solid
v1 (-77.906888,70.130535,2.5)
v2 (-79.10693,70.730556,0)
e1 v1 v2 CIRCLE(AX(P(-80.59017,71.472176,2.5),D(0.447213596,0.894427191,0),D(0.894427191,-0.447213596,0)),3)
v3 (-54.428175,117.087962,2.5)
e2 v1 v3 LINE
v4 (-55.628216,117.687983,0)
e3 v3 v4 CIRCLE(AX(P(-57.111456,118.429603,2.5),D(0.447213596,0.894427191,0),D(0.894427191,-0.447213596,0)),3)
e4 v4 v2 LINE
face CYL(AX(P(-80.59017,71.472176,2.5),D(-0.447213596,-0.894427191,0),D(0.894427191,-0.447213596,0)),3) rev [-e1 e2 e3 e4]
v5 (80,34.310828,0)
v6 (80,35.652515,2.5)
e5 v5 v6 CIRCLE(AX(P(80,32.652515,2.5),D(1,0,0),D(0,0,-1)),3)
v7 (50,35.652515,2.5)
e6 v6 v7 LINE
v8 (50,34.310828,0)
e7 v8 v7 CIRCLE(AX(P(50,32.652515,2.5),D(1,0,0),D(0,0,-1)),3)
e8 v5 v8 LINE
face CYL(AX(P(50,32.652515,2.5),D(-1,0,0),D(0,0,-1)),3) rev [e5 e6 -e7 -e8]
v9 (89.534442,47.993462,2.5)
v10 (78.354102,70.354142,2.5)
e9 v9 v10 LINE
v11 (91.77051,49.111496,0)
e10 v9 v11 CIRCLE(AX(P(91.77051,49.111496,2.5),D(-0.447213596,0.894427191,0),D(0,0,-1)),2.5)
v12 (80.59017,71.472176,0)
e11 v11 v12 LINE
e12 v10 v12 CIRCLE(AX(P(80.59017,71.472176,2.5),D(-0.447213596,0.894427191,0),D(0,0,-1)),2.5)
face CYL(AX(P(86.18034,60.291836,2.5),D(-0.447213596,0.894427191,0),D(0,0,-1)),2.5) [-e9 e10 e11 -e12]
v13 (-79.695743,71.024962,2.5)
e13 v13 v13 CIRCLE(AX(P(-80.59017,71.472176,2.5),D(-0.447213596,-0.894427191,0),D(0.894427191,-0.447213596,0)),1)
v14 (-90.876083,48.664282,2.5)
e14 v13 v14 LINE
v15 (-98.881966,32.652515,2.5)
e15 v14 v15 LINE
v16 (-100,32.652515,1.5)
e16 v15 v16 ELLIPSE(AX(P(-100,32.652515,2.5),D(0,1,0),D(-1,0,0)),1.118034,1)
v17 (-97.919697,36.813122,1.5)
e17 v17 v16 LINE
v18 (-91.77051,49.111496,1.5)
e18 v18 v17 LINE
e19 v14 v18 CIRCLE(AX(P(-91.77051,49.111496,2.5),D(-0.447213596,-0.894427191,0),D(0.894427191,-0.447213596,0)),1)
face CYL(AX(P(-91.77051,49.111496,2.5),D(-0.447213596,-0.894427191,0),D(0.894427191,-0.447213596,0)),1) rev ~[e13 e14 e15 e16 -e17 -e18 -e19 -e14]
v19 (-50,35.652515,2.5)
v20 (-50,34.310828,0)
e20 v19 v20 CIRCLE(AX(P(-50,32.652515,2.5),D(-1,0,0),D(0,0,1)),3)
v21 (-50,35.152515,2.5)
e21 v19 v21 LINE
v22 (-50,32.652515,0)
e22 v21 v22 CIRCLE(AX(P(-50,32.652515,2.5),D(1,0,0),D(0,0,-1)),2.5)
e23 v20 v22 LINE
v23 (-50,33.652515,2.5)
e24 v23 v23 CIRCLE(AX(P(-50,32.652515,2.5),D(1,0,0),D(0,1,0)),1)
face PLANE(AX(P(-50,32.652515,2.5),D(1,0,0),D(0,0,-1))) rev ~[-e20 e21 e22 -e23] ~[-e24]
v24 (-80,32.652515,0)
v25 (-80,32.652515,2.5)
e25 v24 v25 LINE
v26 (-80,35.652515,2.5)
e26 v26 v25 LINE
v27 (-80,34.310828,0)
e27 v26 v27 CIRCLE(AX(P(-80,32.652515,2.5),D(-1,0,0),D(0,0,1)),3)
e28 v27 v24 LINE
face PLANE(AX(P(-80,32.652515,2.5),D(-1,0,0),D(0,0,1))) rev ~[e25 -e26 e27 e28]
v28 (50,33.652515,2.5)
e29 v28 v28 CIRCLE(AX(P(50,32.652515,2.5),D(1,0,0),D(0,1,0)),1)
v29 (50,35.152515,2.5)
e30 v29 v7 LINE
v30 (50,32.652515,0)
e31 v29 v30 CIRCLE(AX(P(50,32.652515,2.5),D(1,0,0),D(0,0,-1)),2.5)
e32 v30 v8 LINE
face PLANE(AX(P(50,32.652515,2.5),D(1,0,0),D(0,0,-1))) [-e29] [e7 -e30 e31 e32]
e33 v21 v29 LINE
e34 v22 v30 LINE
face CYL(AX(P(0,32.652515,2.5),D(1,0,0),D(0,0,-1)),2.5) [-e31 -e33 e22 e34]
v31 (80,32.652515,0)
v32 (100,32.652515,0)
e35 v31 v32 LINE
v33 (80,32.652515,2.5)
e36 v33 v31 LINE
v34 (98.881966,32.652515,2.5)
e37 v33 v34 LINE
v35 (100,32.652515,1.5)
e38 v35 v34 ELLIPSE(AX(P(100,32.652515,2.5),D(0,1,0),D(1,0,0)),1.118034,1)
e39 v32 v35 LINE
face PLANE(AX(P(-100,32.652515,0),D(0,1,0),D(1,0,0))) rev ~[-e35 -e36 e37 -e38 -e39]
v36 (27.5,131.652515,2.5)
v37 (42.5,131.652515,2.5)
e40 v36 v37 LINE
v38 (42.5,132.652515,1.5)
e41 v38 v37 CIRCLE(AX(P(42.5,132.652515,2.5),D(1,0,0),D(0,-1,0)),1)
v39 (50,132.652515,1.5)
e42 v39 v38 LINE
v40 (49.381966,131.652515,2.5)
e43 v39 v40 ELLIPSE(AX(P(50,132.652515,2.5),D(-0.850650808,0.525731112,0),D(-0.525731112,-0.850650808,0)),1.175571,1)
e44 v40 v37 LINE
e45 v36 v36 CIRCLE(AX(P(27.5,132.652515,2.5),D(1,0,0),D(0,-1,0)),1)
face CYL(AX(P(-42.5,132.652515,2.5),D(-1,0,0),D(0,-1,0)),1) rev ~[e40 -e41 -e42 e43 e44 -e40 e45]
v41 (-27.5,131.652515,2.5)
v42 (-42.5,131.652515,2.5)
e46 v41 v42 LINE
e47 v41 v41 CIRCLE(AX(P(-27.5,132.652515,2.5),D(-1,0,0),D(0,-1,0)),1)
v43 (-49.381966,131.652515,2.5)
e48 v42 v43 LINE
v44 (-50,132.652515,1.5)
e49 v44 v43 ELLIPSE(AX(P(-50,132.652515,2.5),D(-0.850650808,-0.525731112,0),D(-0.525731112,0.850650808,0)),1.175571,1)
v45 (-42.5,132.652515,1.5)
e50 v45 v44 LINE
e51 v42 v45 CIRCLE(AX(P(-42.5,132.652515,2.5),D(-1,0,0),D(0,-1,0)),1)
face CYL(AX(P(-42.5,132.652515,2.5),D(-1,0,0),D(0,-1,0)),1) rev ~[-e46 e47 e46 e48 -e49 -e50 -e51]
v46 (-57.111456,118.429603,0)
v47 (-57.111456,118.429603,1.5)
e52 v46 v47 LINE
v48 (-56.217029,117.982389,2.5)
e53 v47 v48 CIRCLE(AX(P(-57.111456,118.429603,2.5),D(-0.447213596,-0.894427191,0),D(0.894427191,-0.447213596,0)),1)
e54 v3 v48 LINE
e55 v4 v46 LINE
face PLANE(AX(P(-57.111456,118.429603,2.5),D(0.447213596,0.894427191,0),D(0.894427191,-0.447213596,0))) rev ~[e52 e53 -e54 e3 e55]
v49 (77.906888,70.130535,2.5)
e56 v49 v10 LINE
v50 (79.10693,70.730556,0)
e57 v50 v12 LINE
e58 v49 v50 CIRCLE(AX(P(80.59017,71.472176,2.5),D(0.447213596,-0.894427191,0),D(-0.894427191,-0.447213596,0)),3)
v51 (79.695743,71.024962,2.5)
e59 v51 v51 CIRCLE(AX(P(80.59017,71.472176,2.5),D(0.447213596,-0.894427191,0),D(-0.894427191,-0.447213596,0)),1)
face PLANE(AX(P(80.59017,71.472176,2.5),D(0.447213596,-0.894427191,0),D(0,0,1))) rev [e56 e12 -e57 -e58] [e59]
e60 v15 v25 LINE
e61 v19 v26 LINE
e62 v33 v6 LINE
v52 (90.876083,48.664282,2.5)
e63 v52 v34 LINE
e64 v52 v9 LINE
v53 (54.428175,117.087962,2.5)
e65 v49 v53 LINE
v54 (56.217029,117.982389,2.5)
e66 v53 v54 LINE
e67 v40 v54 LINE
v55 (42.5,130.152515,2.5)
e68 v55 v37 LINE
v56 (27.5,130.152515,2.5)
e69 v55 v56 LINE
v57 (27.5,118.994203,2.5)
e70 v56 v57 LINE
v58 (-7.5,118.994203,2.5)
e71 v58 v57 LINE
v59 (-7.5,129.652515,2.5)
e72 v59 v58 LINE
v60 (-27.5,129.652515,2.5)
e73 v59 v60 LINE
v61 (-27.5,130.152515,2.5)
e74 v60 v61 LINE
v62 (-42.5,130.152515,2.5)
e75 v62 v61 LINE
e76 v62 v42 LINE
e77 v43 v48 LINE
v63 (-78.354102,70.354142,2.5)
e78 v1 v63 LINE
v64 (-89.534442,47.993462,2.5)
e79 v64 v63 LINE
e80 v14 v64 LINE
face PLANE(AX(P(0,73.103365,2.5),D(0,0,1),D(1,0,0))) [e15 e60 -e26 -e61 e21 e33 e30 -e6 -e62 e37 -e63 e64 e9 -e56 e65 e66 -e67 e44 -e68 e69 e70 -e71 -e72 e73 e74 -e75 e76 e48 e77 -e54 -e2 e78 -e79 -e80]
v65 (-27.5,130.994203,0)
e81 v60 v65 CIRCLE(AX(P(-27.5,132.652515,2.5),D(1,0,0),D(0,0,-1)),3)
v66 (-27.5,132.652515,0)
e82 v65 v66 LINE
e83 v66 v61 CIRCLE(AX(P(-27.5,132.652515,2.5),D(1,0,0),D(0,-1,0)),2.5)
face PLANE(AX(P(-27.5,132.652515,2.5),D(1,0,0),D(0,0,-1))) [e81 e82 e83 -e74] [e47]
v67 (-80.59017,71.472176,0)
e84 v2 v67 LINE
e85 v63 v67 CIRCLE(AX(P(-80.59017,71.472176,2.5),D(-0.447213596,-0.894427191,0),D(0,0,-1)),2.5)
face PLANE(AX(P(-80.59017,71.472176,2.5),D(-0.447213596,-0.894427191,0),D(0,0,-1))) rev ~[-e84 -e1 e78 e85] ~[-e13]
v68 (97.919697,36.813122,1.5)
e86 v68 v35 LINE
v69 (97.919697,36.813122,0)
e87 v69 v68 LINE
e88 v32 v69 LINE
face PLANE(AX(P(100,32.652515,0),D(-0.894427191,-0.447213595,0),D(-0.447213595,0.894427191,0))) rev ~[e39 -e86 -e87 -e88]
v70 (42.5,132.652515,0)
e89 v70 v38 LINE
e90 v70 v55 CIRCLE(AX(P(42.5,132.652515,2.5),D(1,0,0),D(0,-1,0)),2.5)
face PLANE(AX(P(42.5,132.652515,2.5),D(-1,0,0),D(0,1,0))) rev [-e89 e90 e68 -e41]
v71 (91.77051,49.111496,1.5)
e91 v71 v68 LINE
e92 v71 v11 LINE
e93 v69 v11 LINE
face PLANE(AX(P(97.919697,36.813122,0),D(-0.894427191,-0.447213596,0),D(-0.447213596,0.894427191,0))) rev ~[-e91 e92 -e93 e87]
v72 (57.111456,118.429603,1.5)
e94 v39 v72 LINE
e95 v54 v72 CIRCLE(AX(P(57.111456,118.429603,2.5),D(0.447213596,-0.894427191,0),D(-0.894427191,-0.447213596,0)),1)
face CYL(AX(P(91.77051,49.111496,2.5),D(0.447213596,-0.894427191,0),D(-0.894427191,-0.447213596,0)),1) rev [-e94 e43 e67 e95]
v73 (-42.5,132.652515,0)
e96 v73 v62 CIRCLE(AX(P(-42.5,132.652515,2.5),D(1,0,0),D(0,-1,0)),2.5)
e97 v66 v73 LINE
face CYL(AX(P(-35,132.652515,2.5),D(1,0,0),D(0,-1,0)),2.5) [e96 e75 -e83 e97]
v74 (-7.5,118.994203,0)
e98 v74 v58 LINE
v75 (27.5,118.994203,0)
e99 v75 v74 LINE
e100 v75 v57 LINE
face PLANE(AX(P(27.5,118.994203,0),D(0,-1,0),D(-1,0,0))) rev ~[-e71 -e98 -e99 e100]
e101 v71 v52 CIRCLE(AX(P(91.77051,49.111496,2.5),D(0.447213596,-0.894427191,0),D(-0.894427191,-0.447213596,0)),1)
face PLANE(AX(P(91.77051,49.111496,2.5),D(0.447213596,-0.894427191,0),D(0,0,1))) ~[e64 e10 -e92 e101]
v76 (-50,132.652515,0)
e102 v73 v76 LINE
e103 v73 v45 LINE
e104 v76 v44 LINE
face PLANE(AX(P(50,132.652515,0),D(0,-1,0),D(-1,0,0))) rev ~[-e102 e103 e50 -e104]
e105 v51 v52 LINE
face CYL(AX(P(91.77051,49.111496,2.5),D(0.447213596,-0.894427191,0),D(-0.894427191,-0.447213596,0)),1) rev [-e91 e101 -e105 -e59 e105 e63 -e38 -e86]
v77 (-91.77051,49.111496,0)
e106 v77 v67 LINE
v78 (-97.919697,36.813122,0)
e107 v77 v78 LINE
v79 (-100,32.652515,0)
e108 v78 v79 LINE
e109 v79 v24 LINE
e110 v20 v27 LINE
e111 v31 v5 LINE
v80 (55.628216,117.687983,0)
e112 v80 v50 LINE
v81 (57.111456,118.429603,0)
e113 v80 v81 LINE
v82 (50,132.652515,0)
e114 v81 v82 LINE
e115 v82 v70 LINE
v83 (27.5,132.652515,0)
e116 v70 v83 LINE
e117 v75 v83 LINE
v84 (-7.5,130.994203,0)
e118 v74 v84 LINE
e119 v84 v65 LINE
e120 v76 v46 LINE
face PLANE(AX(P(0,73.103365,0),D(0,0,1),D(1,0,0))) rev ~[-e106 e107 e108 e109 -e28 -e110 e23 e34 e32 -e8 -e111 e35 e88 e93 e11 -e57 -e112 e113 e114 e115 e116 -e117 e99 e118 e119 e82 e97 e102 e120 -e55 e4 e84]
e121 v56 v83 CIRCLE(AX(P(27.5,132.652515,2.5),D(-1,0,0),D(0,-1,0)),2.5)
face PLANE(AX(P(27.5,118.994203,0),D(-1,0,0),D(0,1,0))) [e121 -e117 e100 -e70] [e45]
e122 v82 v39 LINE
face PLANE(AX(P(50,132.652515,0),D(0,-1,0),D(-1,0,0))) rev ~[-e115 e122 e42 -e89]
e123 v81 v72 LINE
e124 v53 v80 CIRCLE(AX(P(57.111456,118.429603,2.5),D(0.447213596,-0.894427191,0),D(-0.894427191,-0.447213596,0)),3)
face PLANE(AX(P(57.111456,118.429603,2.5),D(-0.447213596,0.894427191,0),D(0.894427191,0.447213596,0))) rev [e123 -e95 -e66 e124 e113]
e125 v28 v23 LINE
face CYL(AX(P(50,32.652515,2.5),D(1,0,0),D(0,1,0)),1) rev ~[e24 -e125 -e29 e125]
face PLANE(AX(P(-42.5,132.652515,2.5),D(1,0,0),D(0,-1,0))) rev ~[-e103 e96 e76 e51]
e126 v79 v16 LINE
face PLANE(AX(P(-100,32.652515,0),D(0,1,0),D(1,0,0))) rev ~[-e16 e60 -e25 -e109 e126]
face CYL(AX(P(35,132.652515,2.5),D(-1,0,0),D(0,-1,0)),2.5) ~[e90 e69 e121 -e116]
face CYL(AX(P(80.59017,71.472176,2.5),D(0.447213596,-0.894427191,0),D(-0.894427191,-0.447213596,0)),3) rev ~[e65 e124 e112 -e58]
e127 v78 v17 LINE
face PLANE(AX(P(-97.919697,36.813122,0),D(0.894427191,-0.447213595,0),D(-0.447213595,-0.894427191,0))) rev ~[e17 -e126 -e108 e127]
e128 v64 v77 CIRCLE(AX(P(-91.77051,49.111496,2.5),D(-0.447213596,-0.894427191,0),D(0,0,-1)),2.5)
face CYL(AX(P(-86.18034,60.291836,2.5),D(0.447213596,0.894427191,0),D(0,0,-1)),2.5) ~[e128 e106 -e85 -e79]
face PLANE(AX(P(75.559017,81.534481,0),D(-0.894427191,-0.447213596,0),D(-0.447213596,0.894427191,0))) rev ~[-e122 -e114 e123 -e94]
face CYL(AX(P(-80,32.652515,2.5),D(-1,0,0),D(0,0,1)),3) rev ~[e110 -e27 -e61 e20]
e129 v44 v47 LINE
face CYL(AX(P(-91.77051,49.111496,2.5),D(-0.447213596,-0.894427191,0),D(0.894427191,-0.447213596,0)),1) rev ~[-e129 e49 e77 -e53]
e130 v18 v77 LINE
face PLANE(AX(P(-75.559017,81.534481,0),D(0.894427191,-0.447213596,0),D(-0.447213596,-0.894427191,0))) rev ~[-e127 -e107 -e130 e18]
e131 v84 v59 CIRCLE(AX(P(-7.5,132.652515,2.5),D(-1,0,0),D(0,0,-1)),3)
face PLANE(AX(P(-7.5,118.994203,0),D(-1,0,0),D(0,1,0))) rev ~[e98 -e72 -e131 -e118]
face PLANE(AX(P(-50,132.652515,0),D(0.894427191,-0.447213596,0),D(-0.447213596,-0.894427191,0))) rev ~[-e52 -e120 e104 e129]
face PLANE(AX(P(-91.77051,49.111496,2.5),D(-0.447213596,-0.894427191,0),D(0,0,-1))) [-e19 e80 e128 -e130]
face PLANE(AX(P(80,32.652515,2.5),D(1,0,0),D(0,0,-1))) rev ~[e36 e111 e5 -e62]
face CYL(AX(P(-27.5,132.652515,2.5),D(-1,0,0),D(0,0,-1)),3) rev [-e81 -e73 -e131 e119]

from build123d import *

# Parameters (mm, degrees)
EXTRUDE_1_DEPTH      = 5
SKETCH_9_W           = 30
SKETCH_9_H           = 5
SKETCH_10_R          = 2
CUT_EXTRUDE_3_DEPTH  = 352.212186577
SKETCH_4_W           = 5
SKETCH_4_H           = 50
SKETCH_11_R          = 2
CUT_EXTRUDE_4_DEPTH  = 338.069639722
SKETCH_12_R          = 6
CUT_EXTRUDE_5_DEPTH  = 105
SKETCH_14_R          = 6
CUT_EXTRUDE_6_DEPTH  = 110
SKETCH_3_W           = 200
SKETCH_3_H           = 5
SKETCH_15_R          = 2
CUT_EXTRUDE_7_DEPTH  = 200
SKETCH_16_R          = 6
CUT_EXTRUDE_8_DEPTH  = 60
CUT_EXTRUDE_START    = 60
SKETCH_17_R          = 6
CUT_EXTRUDE_9_DEPTH  = 60
SCALE_1_SCALE        = 0.5
SKETCH_19_W          = 35
SKETCH_19_H          = 12
CUT_EXTRUDE_11_DEPTH = 10


with BuildPart() as part:
    # 草图2 → 凸台-拉伸1 (new body)
    with BuildSketch(Plane(origin=(0, 65.305030884, 0), x_dir=(1, 0, 0), z_dir=(0, 0, 1))):
        Polygon((-200, 0), (-155, 0), (-105, 0), (105, 0), (155, 0), (200, 0), (195.839393539, 8.321212923), (151.118033989, 97.763932023), (100, 200), (50, 200), (-50, 200), (-100, 200), (-151.118033989, 97.763932023), (-195.839393539, 8.321212923), align=None)
    extrude(amount=EXTRUDE_1_DEPTH)

    # 草图9 → 旋转1 (revolve)
    with BuildSketch(Plane(origin=(0, 65.305030884, 5), x_dir=(1, 0, 0), z_dir=(0, 0, 1))):
        with Locations((-70, 197.5)):
            Rectangle(SKETCH_9_W, SKETCH_9_H)
    revolve_1 = revolve(axis=Axis((-85, 265.305030884, 5), (1, 0, 0)))

    # 草图10 → 切除-拉伸3 (cut, symmetric)
    with BuildSketch(Plane(origin=(-85, 65.305030884, 0), x_dir=(0, 0, 1), z_dir=(-1, 0, 0))):
        with Locations(Location((5, 200, 0), (0, 0, 270))):
            Circle(SKETCH_10_R)
    cut_extrude_3 = extrude(amount=CUT_EXTRUDE_3_DEPTH, both=True, mode=Mode.SUBTRACT)

    # 镜向2: 旋转1, 切除-拉伸3 across plane
    add(revolve_1.mirror(Plane(origin=(0, 0, 0), x_dir=(0, 0, 1), z_dir=(1, 0, 0))))
    add(cut_extrude_3.mirror(Plane(origin=(0, 0, 0), x_dir=(0, 0, 1), z_dir=(1, 0, 0))), mode=Mode.SUBTRACT)

    # 草图4 → 旋转2 (revolve)
    with BuildSketch(Plane(origin=(-160, 145.305030884, 0), x_dir=(0, 0, 1), z_dir=(-0.8944271909999162, 0.4472135954999576, 0))):
        with Locations((2.5, -27.639320225)):
            Rectangle(SKETCH_4_W, SKETCH_4_H)
    revolve_2 = revolve(axis=Axis((-161.180339887, 142.944351109, 5), (-0.4472135954999577, -0.894427190999916, 0)))

    # 草图11 → 切除-拉伸4 (cut, symmetric)
    with BuildSketch(Plane(origin=(-23.541019662, 18.222991559, 0), x_dir=(0.8944271909999161, -0.4472135954999577, 0), z_dir=(-0.4472135954999577, -0.8944271909999161, 0))):
        with Locations((-178.8854382, 5)):
            Circle(SKETCH_11_R)
    cut_extrude_4 = extrude(amount=CUT_EXTRUDE_4_DEPTH, both=True, mode=Mode.SUBTRACT)

    # 草图12 → 切除-拉伸5 (cut)
    with BuildSketch(Plane(origin=(-1.180339887, 62.944351109, 0), x_dir=(0.8944271909999161, -0.4472135954999577, 0), z_dir=(0.4472135954999577, 0.8944271909999161, 0))):
        with Locations((-178.8854382, -5)):
            Circle(SKETCH_12_R)
    cut_extrude_5 = extrude(amount=CUT_EXTRUDE_5_DEPTH, mode=Mode.SUBTRACT)

    # 草图14 → 切除-拉伸6 (cut)
    # profile 1 of 2: a face of its own
    with BuildSketch(Plane(origin=(-55, 65.305030884, 0), x_dir=(0, 0, -1), z_dir=(1, 0, 0))):
        with Locations((-5, 200)):
            Circle(SKETCH_14_R)
        with BuildLine():
            Line((-5, 195), (-5, 198))
            ThreePointArc((-5, 198), (-6.414213562, 201.414213562), (-3, 200))
            Line((-3, 200), (0, 200))
            ThreePointArc((0, 200), (-8.535533906, 203.535533906), (-5, 195))
        make_face(mode=Mode.SUBTRACT)
    # profile 2 of 2: a face of its own
    with BuildSketch(Plane(origin=(-55, 65.305030884, 0), x_dir=(0, 0, -1), z_dir=(1, 0, 0))):
        with BuildLine():
            ThreePointArc((0, 200), (-8.535533906, 203.535533906), (-5, 195))
            Line((-5, 195), (-5, 198))
            ThreePointArc((-5, 198), (-6.414213562, 201.414213562), (-3, 200))
            Line((-3, 200), (0, 200))
        make_face()
    extrude(amount=CUT_EXTRUDE_6_DEPTH, mode=Mode.SUBTRACT)

    # 镜向3: 旋转2, 切除-拉伸4, 切除-拉伸5 across plane
    add(revolve_2.mirror(Plane(origin=(0, 0, 0), x_dir=(0, 0, 1), z_dir=(1, 0, 0))))
    add(cut_extrude_4.mirror(Plane(origin=(0, 0, 0), x_dir=(0, 0, 1), z_dir=(1, 0, 0))), mode=Mode.SUBTRACT)
    add(cut_extrude_5.mirror(Plane(origin=(0, 0, 0), x_dir=(0, 0, 1), z_dir=(1, 0, 0))), mode=Mode.SUBTRACT)

    # 草图3 → 旋转3 (revolve)
    with BuildSketch(Plane.XZ.offset(-65.305030884)):
        with Locations((0, 2.5)):
            Rectangle(SKETCH_3_W, SKETCH_3_H)
    revolve(axis=Axis((-100, 65.305030884, 5), (1, 0, 0)))

    # 草图15 → 切除-拉伸7 (cut)
    with BuildSketch(Plane(origin=(100, 65.305030884, 0), x_dir=(0, 0, -1), z_dir=(1, 0, 0))):
        with Locations(Location((-5, 0, 0), (0, 0, 90))):
            Circle(SKETCH_15_R)
    extrude(amount=-CUT_EXTRUDE_7_DEPTH, mode=Mode.SUBTRACT)

    # 草图16 → 切除-拉伸8 (cut)
    with BuildSketch(Plane(origin=(100, 65.305030884, 0), x_dir=(0, 0, -1), z_dir=(1, 0, 0))):
        with Locations((-5, 0)):
            Circle(SKETCH_16_R)
    extrude(amount=CUT_EXTRUDE_8_DEPTH, mode=Mode.SUBTRACT)

    # 草图17 → 切除-拉伸9 (cut)
    with BuildSketch(Plane(origin=(-100, 65.305030884, 0), x_dir=(0, 0, 1), z_dir=(-1, 0, 0)).offset(CUT_EXTRUDE_START)):
        with Locations((5, 0)):
            Circle(SKETCH_17_R)
    extrude(amount=-CUT_EXTRUDE_9_DEPTH, mode=Mode.SUBTRACT)


with BuildPart() as part_1:
    # 缩放比例1: scaled about (0, 0, 0)
    add(part.part.scale(SCALE_1_SCALE))

    # 草图19 → 切除-拉伸11 (cut)
    with BuildSketch(Plane(origin=(0, 0, 0), x_dir=(-1, 0, 0), z_dir=(0, 0, -1))):
        with Locations((-10, 124.994203047)):
            Rectangle(SKETCH_19_W, SKETCH_19_H)
    extrude(amount=-CUT_EXTRUDE_11_DEPTH, mode=Mode.SUBTRACT)


solid = part_1.part
